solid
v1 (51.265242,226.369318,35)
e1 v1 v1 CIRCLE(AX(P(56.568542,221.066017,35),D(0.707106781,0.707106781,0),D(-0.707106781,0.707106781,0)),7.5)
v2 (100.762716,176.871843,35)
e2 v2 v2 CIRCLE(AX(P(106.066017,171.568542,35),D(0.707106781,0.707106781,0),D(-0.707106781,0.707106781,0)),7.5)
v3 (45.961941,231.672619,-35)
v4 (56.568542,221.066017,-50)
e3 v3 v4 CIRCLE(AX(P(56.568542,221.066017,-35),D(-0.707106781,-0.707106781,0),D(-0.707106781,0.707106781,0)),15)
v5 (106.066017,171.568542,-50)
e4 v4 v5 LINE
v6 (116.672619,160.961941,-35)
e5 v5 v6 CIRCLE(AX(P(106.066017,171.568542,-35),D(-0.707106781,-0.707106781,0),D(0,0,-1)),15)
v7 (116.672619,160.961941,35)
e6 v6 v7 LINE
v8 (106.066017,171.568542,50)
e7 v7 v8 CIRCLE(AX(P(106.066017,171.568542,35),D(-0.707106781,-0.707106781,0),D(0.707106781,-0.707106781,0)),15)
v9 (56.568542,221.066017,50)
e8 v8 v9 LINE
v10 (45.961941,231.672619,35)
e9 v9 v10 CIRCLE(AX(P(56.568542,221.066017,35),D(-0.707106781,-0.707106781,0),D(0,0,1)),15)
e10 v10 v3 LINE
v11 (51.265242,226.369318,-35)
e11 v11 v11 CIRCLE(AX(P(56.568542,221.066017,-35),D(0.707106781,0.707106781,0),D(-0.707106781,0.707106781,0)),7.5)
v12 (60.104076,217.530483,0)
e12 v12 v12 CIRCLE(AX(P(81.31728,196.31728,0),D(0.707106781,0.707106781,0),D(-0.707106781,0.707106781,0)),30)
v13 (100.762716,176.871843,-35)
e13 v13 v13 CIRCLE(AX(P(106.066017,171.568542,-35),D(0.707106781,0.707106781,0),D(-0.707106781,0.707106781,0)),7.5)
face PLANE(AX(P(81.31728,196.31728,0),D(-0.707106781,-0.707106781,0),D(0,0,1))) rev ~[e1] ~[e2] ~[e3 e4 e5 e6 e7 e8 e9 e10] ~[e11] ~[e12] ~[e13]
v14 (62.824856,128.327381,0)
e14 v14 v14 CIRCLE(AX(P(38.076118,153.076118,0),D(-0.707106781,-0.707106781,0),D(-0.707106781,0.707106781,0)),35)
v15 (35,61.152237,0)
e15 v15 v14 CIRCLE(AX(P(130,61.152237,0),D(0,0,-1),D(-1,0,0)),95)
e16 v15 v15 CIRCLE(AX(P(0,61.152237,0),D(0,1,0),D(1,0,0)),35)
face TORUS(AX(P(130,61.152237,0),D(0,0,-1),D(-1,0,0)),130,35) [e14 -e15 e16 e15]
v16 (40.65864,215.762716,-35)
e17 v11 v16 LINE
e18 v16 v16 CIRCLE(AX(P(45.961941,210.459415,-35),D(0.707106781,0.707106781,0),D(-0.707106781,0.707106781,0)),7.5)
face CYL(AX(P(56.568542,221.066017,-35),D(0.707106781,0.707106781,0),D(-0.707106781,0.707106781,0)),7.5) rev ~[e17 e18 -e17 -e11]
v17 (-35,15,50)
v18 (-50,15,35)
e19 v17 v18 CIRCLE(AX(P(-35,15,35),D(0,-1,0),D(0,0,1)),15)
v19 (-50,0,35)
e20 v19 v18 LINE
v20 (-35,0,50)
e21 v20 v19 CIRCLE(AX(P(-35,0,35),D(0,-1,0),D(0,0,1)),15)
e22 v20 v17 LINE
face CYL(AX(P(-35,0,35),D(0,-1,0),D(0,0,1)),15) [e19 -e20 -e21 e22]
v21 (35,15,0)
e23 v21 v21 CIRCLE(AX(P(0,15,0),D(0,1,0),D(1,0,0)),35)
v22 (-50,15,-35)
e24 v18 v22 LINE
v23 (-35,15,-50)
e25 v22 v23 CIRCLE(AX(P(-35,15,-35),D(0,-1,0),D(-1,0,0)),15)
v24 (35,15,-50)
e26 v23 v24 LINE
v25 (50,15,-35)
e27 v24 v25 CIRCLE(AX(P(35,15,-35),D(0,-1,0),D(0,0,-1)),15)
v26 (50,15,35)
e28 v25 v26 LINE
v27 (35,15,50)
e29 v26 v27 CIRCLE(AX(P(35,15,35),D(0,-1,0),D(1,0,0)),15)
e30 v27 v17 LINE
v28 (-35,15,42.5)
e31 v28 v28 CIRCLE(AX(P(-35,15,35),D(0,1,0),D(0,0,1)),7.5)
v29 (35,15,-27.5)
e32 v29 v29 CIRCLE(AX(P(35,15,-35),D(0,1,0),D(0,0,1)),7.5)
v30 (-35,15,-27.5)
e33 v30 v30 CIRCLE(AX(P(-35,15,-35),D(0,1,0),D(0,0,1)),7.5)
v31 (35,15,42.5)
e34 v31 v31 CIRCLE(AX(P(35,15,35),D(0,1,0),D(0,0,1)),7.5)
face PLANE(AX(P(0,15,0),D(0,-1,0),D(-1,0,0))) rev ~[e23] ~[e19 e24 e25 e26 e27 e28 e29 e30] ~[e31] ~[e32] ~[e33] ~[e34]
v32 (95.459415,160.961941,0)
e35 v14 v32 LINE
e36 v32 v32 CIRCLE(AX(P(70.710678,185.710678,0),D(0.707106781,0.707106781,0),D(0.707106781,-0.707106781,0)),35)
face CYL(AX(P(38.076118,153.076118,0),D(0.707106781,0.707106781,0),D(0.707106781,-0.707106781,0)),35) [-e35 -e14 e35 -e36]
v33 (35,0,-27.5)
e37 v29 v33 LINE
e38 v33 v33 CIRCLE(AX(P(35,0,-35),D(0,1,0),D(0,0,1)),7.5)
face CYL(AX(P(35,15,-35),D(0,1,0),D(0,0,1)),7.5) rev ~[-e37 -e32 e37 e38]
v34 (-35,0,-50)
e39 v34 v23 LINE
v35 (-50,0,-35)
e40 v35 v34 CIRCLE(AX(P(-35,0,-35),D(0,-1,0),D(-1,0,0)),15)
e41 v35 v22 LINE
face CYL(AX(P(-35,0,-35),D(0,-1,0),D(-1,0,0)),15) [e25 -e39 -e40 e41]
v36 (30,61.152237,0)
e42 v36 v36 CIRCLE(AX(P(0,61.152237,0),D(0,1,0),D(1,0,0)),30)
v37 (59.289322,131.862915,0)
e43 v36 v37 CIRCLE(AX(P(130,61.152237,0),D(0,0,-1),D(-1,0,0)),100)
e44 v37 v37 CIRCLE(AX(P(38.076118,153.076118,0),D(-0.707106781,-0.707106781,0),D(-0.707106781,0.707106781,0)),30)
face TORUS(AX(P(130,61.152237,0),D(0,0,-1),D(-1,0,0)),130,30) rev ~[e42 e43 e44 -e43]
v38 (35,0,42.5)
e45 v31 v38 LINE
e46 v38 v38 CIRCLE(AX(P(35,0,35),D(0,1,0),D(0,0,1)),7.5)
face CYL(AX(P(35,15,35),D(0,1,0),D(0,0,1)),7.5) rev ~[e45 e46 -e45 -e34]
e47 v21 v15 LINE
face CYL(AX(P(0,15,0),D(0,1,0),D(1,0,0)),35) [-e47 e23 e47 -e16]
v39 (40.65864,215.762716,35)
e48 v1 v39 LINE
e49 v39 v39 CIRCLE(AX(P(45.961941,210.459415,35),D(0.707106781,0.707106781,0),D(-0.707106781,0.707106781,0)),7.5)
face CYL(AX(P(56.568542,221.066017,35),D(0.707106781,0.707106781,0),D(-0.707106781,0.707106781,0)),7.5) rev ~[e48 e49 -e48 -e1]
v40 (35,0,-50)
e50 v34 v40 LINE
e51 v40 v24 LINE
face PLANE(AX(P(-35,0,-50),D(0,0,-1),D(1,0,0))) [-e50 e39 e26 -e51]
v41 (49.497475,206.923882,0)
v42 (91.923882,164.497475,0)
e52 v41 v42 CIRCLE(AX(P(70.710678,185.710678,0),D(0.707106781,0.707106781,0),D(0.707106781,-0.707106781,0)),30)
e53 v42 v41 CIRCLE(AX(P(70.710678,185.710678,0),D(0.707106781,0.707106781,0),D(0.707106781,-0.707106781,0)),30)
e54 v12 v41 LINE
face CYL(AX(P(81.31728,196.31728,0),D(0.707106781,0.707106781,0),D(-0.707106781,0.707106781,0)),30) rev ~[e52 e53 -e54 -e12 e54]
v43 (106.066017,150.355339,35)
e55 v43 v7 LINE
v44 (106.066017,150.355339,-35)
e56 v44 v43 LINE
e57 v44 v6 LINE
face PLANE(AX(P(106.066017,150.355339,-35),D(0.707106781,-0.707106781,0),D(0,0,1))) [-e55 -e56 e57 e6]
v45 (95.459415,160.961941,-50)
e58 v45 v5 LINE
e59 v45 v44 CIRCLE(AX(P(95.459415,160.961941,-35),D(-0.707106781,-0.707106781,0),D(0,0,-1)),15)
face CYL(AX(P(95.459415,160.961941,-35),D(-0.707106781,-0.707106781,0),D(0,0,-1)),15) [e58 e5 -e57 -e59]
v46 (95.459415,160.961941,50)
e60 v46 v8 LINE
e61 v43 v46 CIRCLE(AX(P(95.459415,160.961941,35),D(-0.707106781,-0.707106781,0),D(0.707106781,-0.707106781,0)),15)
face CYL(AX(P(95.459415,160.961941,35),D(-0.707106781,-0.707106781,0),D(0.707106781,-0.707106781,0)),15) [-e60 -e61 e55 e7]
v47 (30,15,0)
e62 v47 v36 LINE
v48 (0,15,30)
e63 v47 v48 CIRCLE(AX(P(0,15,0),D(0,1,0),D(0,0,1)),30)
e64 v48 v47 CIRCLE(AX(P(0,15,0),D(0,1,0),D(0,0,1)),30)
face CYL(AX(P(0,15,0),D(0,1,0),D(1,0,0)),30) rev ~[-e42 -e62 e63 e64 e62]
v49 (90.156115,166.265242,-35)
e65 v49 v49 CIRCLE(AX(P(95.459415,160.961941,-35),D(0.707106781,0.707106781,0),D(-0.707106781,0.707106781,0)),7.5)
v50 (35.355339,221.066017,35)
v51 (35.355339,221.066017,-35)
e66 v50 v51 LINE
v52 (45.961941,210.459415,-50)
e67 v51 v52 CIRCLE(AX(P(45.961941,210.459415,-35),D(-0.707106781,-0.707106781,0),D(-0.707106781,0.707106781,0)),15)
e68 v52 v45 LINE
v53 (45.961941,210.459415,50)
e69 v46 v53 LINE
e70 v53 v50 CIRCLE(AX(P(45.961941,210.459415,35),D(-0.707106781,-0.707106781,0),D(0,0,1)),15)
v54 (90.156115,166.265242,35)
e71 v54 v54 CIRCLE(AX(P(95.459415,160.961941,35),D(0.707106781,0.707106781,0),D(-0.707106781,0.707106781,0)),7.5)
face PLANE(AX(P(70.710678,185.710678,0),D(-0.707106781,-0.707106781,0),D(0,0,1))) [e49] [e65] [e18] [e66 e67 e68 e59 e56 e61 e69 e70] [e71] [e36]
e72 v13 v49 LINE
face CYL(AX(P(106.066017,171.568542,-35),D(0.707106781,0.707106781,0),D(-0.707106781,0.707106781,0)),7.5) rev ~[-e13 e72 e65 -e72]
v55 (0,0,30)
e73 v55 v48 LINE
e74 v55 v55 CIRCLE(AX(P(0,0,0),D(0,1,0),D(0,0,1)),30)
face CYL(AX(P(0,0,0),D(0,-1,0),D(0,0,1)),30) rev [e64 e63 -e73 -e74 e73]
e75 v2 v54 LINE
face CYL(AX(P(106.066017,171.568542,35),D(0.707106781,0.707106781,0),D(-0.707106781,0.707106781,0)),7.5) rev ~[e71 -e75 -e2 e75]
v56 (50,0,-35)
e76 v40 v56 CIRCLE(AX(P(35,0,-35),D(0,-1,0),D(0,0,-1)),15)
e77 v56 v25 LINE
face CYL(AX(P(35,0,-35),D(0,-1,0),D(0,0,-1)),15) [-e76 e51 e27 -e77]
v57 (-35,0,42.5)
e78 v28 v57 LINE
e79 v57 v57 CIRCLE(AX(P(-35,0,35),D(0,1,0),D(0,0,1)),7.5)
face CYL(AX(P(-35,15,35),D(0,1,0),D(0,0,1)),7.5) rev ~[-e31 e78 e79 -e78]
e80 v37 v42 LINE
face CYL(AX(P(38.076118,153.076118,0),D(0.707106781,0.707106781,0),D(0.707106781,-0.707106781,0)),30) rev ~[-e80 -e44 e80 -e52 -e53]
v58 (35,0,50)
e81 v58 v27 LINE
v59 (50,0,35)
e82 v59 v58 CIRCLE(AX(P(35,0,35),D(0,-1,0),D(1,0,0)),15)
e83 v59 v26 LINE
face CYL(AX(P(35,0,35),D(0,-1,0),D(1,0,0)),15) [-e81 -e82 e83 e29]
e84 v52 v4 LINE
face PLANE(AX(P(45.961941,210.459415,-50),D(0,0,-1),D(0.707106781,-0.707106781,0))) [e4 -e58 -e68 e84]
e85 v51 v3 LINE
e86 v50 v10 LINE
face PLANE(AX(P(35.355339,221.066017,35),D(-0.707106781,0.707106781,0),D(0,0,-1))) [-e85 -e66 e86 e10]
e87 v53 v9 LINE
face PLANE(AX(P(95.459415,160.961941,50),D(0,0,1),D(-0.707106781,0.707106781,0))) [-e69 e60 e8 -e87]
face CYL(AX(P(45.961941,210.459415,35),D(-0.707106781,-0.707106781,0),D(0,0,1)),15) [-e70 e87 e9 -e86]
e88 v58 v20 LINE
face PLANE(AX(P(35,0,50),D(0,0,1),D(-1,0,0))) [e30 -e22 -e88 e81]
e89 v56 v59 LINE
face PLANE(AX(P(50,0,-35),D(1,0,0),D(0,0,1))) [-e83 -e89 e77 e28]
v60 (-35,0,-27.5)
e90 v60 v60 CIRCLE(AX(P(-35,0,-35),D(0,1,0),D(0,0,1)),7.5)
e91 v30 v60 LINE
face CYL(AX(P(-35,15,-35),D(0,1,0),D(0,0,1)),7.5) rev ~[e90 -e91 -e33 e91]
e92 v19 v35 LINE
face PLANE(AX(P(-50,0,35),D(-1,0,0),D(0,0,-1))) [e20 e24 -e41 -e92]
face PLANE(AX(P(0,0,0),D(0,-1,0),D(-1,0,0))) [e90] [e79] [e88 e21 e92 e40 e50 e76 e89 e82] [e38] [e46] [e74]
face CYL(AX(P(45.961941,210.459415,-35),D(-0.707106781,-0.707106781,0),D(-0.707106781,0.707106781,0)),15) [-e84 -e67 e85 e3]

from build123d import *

# Parameters (mm, degrees)
SKETCH1_R           = 30
BOSS_EXTRUDE1_DEPTH = 15
SKETCH2_R           = 7.5
CUT_EXTRUDE1_DEPTH  = 15
SKETCH4_R           = 35
SKETCH4_R_2         = 30
BOSS_EXTRUDE2_DEPTH = 15
SKETCH7_R           = 7.5
SKETCH7_R_2         = 30
CUT_EXTRUDE2_DEPTH  = 15


with BuildPart() as part:
    # Sketch1 → Boss-Extrude1 (new body)
    with BuildSketch(Plane(origin=(0, 0, 0), x_dir=(1, 0, 0), z_dir=(0, 1, 0))):
        with BuildLine():
            Line((35, -50), (-35, -50))
            ThreePointArc((-35, -50), (-45.606601718, -45.606601718), (-50, -35))
            Line((-50, -35), (-50, 35))
            ThreePointArc((-50, 35), (-45.606601718, 45.606601718), (-35, 50))
            Line((-35, 50), (35, 50))
            ThreePointArc((35, 50), (45.606601718, 45.606601718), (50, 35))
            Line((50, 35), (50, -35))
            ThreePointArc((50, -35), (45.606601718, -45.606601718), (35, -50))
        make_face()
        with Locations(Location((0, 0, 0), (0, 0, 270))):
            Circle(SKETCH1_R, mode=Mode.SUBTRACT)
    extrude(amount=BOSS_EXTRUDE1_DEPTH)

    # Sketch2 → Cut-Extrude1 (cut)
    with BuildSketch(Plane(origin=(0, 15, 0), x_dir=(1, 0, 0), z_dir=(0, 1, 0))):
        with Locations(Location((-35, 35, 0), (0, 0, 270))):
            Circle(SKETCH2_R)
        with Locations(Location((35, 35, 0), (0, 0, 270))):
            Circle(SKETCH2_R)
        with Locations(Location((35, -35, 0), (0, 0, 270))):
            Circle(SKETCH2_R)
        with Locations(Location((-35, -35, 0), (0, 0, 270))):
            Circle(SKETCH2_R)
    extrude(amount=-CUT_EXTRUDE1_DEPTH, mode=Mode.SUBTRACT)

    # Sweep1: sweep along a path in Sketch5
    with BuildLine(Plane.XY) as sweep1_path:
        Line((0, 15), (0, 61.152236891))
        ThreePointArc((0, 61.152236891), (9.895660774, 110.901083099), (38.076118446, 153.076118446))
        Line((38.076118446, 153.076118446), (70.710678119, 185.710678119))
    # Sketch4 → Sweep1 (sweep)
    with BuildSketch(Plane(origin=(0, 15, 0), x_dir=(1, 0, 0), z_dir=(0, 1, 0))):
        Circle(SKETCH4_R)
        Circle(SKETCH4_R_2, mode=Mode.SUBTRACT)
    sweep(path=sweep1_path.line)

    # Sketch6 → Boss-Extrude2 (add)
    with BuildSketch(Plane(origin=(128.210678119, 128.210678119, 0), x_dir=(0, 0, -1), z_dir=(0.7071067811865477, 0.7071067811865474, 0))):
        with BuildLine():
            Line((35, 31.317279836), (-35, 31.317279836))
            ThreePointArc((-35, 31.317279836), (-45.606601718, 35.710678119), (-50, 46.317279836))
            Line((-50, 46.317279836), (-50, 116.317279836))
            ThreePointArc((-50, 116.317279836), (-45.606601718, 126.923881554), (-35, 131.317279836))
            Line((-35, 131.317279836), (35, 131.317279836))
            ThreePointArc((35, 131.317279836), (45.606601718, 126.923881554), (50, 116.317279836))
            Line((50, 116.317279836), (50, 46.317279836))
            ThreePointArc((50, 46.317279836), (45.606601718, 35.710678119), (35, 31.317279836))
        make_face()
    extrude(amount=BOSS_EXTRUDE2_DEPTH)

    # Sketch7 → Cut-Extrude2 (cut)
    with BuildSketch(Plane(origin=(138.817279836, 138.817279836, 0), x_dir=(0, 0, -1), z_dir=(0.7071067811865477, 0.7071067811865474, 0))):
        with Locations(Location((-35, 116.317279836, 0), (0, 0, 90))):
            Circle(SKETCH7_R)
        with Locations(Location((35, 116.317279836, 0), (0, 0, 90))):
            Circle(SKETCH7_R)
        with Locations(Location((35, 46.317279836, 0), (0, 0, 90))):
            Circle(SKETCH7_R)
        with Locations(Location((-35, 46.317279836, 0), (0, 0, 90))):
            Circle(SKETCH7_R)
        with Locations(Location((0, 81.317279836, 0), (0, 0, 90))):
            Circle(SKETCH7_R_2)
    extrude(amount=-CUT_EXTRUDE2_DEPTH, mode=Mode.SUBTRACT)


solid = part.part
